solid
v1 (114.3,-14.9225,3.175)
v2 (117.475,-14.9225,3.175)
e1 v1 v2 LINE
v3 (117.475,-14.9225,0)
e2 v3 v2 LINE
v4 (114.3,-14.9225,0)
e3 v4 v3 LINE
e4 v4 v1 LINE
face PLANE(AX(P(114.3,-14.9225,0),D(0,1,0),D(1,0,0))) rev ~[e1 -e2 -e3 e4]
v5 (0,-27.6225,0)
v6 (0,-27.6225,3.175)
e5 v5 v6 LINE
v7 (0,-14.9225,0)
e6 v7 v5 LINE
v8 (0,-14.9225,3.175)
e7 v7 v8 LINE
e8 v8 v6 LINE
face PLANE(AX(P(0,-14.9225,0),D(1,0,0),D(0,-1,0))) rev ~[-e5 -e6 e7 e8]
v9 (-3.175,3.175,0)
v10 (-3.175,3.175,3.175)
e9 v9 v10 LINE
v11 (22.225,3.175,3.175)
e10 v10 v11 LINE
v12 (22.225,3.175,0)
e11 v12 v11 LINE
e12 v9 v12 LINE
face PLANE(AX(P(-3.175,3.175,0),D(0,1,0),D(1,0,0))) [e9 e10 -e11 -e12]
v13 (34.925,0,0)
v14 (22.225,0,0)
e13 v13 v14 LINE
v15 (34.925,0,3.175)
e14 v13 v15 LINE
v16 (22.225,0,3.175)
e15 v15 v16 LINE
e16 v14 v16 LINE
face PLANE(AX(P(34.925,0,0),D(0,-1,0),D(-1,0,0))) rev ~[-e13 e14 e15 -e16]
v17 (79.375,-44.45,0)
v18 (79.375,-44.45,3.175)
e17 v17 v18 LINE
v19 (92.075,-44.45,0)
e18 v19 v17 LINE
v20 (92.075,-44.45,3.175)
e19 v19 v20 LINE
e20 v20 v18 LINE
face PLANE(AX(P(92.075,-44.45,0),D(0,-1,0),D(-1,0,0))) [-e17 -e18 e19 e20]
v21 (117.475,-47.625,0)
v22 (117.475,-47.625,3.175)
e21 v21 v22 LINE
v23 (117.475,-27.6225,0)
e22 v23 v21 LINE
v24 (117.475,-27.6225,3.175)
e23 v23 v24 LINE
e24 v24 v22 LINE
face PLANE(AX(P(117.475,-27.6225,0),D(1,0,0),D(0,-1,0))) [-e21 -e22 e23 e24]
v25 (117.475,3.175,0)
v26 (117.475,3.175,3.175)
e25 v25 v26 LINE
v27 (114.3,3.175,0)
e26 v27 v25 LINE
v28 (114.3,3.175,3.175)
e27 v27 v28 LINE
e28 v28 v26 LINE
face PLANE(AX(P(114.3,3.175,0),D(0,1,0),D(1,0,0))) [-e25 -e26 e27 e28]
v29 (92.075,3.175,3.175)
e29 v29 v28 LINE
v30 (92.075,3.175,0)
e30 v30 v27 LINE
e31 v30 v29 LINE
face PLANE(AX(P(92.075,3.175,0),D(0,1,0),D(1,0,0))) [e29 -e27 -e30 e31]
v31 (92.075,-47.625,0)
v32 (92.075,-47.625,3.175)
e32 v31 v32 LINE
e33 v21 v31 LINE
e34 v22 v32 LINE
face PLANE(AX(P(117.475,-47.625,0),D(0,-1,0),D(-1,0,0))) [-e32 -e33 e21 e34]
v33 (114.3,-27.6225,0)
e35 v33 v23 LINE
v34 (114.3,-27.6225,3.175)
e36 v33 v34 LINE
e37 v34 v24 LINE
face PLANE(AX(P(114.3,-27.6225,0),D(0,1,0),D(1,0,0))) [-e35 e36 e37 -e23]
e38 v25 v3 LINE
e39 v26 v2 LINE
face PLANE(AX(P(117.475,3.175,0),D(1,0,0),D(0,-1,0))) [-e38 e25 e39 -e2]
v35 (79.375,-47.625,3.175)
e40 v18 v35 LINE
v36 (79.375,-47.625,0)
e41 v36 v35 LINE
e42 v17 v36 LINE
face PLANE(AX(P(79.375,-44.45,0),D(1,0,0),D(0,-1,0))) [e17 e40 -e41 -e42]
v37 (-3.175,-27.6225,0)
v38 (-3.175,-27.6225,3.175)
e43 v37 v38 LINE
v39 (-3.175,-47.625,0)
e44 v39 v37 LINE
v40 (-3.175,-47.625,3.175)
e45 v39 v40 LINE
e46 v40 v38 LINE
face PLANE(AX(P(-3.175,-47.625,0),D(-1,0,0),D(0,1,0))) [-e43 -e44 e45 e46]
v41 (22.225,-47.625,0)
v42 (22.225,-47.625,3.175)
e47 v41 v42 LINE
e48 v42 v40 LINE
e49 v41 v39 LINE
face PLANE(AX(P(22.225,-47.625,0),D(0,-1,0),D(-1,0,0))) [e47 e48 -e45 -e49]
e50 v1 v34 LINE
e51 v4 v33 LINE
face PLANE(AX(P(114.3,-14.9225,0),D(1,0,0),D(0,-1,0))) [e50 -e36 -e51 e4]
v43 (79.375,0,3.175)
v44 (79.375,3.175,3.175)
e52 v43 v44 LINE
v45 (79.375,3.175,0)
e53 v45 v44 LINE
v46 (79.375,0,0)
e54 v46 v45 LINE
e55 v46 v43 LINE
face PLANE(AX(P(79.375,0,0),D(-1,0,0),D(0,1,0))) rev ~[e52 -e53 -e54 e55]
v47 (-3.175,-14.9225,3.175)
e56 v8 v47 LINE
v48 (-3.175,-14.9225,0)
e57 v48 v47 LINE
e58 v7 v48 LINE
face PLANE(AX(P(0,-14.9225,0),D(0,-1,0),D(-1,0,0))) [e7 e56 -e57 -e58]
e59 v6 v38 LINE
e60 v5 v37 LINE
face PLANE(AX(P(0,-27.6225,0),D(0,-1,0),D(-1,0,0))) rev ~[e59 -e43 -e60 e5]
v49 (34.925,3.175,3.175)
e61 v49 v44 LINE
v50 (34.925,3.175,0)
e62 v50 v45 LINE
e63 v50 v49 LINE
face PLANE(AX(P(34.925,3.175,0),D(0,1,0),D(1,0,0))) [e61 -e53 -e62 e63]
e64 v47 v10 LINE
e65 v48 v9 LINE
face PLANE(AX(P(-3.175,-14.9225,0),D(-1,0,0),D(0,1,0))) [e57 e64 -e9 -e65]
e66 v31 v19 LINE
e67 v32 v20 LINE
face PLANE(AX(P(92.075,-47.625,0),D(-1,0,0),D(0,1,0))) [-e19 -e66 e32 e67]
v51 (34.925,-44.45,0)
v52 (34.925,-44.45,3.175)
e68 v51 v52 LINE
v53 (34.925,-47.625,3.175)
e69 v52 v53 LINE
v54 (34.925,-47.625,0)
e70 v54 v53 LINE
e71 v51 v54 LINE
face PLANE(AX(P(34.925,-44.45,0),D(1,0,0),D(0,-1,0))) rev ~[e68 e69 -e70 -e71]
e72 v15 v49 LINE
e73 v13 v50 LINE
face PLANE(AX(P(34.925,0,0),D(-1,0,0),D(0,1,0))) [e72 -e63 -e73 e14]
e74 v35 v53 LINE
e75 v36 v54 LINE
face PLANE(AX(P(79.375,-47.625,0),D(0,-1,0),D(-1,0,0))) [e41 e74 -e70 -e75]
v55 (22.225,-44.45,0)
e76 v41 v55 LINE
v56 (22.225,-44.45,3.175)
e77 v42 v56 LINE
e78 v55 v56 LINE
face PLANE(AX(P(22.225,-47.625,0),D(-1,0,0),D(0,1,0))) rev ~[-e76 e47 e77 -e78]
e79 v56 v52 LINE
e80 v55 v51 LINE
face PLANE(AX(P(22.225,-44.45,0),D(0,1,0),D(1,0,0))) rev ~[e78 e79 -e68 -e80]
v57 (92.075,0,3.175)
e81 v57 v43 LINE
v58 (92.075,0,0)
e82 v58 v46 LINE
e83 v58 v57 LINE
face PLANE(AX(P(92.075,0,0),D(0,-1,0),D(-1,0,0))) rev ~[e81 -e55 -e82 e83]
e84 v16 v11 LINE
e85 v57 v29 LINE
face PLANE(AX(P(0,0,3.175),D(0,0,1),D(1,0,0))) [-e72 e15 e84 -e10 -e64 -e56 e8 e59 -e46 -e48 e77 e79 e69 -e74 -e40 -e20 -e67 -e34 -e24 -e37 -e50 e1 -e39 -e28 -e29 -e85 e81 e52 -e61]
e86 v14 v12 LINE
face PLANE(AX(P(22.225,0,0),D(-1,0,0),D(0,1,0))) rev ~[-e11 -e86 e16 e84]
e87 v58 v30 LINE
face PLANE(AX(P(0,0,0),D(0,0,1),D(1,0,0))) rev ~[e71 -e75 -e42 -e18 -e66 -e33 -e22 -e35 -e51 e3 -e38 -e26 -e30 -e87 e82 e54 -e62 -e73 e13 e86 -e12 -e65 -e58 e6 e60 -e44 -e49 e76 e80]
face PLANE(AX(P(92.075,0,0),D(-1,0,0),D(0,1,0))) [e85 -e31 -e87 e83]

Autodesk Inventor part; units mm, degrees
ref_plane "YZ Plane" through (0, 0, 0) normal (1, 0, 0) x (0, 1, 0)
ref_plane "XZ Plane" through (0, 0, 0) normal (0, 1, 0) x (-1, 0, 0)
ref_plane "XY Plane" through (0, 0, 0) normal (0, 0, 1) x (1, 0, 0)
sketch "Sketch1" plane through (0, 0, 0) normal (0, 0, 1) x (1, 0, 0)
  line L0 (117.475, 3.175) -> (117.475, -14.9225) projected
  line L1 (114.3, 3.175) -> (117.475, 3.175) projected
  line L2 (0, -14.9225) -> (-3.175, -14.9225) projected
  line L3 (0, -27.6225) -> (-3.175, -27.6225) projected
  line L4 (0, -14.9225) -> (0, -27.6225)
  line L5 (-3.175, -47.625) -> (-3.175, -27.6225)
  line L6 (-3.175, -14.9225) -> (-3.175, 3.175)
  line L7 (22.225, 0) -> (22.225, 3.175) projected
  line L8 (34.925, 0) -> (34.925, 3.175) projected
  line L9 (34.925, 0) -> (22.225, 0)
  line L10 (-3.175, 3.175) -> (22.225, 3.175)
  line L11 (79.375, 0) -> (79.375, 3.175) projected
  line L12 (92.075, 0) -> (92.075, 3.175) projected
  line L13 (92.075, 0) -> (79.375, 0)
  line L14 (34.925, 3.175) -> (79.375, 3.175)
  line L15 (92.075, 3.175) -> (117.475, 3.175)
  line L16 (114.3, -14.9225) -> (117.475, -14.9225) projected
  line L17 (114.3, -27.6225) -> (117.475, -27.6225) projected
  line L18 (114.3, -14.9225) -> (114.3, -27.6225)
  line L19 (117.475, 3.175) -> (117.475, -14.9225)
  line L20 (117.475, -27.6225) -> (117.475, -47.625)
  line L21 (92.075, -47.625) -> (92.075, -44.45)
  line L22 (92.075, -44.45) -> (79.375, -44.45)
  line L23 (79.375, -44.45) -> (79.375, -47.625)
  line L24 (22.225, -47.625) -> (22.225, -44.45)
  line L25 (22.225, -44.45) -> (34.925, -44.45)
  line L26 (34.925, -44.45) -> (34.925, -47.625)
  line L27 (22.225, -47.625) -> (-3.175, -47.625)
  line L28 (117.475, -47.625) -> (92.075, -47.625)
  line L29 (79.375, -47.625) -> (34.925, -47.625)
  point P0 (0, 0)
  dimension "d0" = 3.175
extrude "Extrusion1" add sketch "Sketch1" along normal blind 3.175
properties part number "top" material "ABS Plastic"
